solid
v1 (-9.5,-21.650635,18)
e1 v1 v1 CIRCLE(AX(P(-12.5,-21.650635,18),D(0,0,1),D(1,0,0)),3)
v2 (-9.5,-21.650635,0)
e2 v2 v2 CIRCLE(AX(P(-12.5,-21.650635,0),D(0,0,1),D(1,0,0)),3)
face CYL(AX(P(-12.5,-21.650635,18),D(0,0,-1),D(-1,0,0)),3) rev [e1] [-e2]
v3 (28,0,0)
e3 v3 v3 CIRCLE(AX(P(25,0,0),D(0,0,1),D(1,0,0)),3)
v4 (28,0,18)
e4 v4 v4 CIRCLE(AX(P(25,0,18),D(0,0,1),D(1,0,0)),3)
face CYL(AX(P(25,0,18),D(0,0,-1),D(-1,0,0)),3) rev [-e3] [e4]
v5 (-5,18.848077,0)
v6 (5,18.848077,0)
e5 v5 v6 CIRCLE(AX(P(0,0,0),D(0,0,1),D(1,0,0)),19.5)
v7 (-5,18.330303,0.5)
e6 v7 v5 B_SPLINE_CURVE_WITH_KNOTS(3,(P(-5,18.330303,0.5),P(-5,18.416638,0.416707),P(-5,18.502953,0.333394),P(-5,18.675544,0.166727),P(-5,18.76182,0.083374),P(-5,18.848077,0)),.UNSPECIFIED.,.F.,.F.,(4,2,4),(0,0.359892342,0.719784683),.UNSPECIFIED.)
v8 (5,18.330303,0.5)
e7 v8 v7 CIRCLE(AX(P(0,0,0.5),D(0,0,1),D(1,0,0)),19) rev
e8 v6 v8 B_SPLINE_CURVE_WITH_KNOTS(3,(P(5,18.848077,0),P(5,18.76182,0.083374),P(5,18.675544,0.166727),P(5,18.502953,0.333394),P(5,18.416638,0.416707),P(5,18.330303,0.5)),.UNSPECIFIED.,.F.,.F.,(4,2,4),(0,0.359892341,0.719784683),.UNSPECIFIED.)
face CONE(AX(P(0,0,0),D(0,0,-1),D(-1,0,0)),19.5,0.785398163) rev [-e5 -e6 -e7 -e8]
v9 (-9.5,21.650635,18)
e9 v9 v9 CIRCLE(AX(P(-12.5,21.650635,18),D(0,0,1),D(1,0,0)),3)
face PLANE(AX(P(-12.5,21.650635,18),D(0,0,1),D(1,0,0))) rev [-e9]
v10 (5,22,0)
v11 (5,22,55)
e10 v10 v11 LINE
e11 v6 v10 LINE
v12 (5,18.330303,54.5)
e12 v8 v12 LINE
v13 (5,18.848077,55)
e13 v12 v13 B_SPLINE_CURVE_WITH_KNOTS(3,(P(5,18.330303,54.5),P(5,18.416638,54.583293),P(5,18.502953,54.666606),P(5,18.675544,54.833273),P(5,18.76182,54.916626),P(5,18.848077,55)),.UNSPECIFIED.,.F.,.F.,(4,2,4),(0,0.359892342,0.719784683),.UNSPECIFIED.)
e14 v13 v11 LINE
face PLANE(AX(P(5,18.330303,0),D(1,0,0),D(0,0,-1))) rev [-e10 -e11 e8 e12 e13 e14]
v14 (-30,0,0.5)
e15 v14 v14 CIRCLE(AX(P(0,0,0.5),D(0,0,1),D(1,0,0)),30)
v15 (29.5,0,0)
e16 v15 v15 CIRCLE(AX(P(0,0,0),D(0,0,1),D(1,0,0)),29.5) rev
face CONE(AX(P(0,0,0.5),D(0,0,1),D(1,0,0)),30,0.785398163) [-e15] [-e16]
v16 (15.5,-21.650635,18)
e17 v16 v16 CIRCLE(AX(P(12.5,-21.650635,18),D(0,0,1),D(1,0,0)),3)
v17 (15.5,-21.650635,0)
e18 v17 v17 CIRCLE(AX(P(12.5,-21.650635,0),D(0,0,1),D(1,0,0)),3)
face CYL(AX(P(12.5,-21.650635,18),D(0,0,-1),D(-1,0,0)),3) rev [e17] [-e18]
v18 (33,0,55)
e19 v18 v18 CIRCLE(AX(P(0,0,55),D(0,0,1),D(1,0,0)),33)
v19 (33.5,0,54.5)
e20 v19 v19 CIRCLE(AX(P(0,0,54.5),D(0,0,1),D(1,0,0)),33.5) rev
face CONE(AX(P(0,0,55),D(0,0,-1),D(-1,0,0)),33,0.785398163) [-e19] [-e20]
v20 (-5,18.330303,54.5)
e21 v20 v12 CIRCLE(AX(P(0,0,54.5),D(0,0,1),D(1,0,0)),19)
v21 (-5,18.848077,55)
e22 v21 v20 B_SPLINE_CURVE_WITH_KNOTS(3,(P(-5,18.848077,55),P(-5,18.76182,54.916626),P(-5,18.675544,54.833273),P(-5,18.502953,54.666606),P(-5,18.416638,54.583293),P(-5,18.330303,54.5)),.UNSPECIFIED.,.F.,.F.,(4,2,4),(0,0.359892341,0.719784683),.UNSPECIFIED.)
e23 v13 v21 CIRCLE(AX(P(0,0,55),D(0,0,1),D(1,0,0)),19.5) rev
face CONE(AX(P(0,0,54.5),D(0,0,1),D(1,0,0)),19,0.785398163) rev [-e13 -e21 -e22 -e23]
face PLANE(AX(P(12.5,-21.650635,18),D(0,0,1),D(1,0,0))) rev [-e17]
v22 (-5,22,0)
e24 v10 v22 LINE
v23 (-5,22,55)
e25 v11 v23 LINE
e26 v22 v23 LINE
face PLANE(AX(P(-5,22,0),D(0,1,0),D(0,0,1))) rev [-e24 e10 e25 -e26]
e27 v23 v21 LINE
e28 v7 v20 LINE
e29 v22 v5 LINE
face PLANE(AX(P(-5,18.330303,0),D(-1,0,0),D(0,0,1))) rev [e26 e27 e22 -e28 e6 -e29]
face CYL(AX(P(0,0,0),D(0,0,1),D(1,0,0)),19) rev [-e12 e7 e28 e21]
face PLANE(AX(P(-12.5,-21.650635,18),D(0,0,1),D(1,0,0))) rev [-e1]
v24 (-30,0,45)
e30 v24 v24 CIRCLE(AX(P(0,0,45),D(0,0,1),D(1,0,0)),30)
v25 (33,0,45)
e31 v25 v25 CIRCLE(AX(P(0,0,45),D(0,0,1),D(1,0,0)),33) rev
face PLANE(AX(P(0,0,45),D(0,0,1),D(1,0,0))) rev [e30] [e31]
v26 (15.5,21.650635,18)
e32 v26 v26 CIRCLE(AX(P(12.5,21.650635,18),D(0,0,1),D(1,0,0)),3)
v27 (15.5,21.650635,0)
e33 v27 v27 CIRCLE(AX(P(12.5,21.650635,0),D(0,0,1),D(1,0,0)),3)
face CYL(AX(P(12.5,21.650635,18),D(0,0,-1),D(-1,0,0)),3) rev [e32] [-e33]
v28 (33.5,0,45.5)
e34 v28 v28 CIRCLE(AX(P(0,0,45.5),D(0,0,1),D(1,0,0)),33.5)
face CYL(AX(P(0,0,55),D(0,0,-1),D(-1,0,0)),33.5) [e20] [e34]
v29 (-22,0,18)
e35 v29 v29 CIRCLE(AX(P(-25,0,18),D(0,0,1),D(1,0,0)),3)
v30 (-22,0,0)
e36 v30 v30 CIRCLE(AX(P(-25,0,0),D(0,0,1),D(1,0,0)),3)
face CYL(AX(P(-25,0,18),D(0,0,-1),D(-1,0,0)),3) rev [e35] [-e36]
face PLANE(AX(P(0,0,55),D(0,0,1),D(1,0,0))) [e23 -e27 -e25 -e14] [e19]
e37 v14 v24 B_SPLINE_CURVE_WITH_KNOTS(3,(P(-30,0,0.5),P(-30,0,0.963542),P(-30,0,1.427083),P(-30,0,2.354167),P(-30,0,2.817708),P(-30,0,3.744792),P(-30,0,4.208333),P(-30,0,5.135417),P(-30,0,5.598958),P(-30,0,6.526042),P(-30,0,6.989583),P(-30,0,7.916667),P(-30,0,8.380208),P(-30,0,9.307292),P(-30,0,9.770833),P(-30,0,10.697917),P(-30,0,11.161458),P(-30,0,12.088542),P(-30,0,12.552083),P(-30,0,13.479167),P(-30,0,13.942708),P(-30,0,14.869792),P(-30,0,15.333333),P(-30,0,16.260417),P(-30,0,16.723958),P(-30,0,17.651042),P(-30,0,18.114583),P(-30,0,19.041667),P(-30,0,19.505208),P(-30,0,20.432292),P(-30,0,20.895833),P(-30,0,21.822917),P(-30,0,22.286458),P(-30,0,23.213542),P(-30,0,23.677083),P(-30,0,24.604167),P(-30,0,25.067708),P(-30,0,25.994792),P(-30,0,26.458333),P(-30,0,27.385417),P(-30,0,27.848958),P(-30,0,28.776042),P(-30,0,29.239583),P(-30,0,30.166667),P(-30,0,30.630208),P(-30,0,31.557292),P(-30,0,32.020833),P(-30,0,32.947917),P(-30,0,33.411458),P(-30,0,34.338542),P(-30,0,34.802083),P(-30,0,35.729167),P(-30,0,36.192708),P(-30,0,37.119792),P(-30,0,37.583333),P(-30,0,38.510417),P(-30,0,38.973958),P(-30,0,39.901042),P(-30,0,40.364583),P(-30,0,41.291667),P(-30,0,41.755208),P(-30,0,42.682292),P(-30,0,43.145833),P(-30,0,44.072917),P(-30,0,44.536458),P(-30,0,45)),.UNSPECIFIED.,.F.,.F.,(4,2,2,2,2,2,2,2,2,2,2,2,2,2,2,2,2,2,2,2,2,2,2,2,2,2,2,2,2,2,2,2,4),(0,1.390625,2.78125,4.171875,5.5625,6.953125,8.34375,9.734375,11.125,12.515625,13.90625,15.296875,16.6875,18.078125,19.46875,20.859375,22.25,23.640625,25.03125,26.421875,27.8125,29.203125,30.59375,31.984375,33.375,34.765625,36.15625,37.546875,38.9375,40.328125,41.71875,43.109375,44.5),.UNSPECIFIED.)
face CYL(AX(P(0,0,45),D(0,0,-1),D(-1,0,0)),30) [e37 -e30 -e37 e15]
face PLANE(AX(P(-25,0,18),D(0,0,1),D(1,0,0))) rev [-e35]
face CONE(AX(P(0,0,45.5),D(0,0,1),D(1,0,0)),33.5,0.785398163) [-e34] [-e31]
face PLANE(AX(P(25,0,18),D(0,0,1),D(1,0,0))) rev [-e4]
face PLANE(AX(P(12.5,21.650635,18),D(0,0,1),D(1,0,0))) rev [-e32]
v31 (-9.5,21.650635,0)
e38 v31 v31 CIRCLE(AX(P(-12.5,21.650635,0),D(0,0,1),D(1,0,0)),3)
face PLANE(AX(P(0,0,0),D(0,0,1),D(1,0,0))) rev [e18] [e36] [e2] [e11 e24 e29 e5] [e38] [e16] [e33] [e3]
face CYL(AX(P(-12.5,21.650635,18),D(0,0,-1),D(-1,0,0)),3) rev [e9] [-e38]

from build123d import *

# Parameters (mm, degrees)
SKETCH_1_R          = 30
EXTRUDE_1_DEPTH     = 45
SKETCH_3_R          = 33.5
EXTRUDE_2_DEPTH     = 10
CUT_EXTRUDE_1_DEPTH = 73.591321795
SKETCH_5_R          = 3
CUT_EXTRUDE_2_DEPTH = 18
CHAMFER_1_SIZE      = 0.5


with BuildPart() as part:
    # 草图1 → 凸台-拉伸1 (new body)
    with BuildSketch(Plane.XY):
        with Locations(Location((0, 0, 0), (0, 0, 180))):
            Circle(SKETCH_1_R)
    extrude(amount=EXTRUDE_1_DEPTH)

    # 草图3 → 凸台-拉伸2 (add)
    with BuildSketch(Plane.XY.offset(45)):
        Circle(SKETCH_3_R)
    extrude(amount=EXTRUDE_2_DEPTH)

    # 草图4 → 切除-拉伸1 (cut, through all)
    with BuildSketch(Plane.XY.offset(55)):
        with BuildLine():
            Line((-5, 18.33030278), (-5, 22))
            Line((-5, 22), (5, 22))
            Line((5, 22), (5, 18.33030278))
            ThreePointArc((5, 18.33030278), (0, -19), (-5, 18.33030278))
        make_face()
    extrude(amount=-CUT_EXTRUDE_1_DEPTH, mode=Mode.SUBTRACT)

    # 草图5 → 切除-拉伸2 (cut)
    with BuildSketch(Plane.XY):
        with Locations((-12.5, 21.650635095)):
            Circle(SKETCH_5_R)
        with Locations((12.5, 21.650635095)):
            Circle(SKETCH_5_R)
        with Locations((25, 0)):
            Circle(SKETCH_5_R)
        with Locations((12.5, -21.650635095)):
            Circle(SKETCH_5_R)
        with Locations((-12.5, -21.650635095)):
            Circle(SKETCH_5_R)
        with Locations((-25, 0)):
            Circle(SKETCH_5_R)
    extrude(amount=CUT_EXTRUDE_2_DEPTH, mode=Mode.SUBTRACT)

    # 倒角1
    chamfer_1_edges = [part.edges().sort_by_distance(p)[0] for p in [
        (0, -19, 0),
        (0, -19, 55),
        (30, 0, 0),
        (-33.5, 0, 45),
        (-33.5, 0, 55),
    ]]
    chamfer(chamfer_1_edges, length=CHAMFER_1_SIZE)


solid = part.part
